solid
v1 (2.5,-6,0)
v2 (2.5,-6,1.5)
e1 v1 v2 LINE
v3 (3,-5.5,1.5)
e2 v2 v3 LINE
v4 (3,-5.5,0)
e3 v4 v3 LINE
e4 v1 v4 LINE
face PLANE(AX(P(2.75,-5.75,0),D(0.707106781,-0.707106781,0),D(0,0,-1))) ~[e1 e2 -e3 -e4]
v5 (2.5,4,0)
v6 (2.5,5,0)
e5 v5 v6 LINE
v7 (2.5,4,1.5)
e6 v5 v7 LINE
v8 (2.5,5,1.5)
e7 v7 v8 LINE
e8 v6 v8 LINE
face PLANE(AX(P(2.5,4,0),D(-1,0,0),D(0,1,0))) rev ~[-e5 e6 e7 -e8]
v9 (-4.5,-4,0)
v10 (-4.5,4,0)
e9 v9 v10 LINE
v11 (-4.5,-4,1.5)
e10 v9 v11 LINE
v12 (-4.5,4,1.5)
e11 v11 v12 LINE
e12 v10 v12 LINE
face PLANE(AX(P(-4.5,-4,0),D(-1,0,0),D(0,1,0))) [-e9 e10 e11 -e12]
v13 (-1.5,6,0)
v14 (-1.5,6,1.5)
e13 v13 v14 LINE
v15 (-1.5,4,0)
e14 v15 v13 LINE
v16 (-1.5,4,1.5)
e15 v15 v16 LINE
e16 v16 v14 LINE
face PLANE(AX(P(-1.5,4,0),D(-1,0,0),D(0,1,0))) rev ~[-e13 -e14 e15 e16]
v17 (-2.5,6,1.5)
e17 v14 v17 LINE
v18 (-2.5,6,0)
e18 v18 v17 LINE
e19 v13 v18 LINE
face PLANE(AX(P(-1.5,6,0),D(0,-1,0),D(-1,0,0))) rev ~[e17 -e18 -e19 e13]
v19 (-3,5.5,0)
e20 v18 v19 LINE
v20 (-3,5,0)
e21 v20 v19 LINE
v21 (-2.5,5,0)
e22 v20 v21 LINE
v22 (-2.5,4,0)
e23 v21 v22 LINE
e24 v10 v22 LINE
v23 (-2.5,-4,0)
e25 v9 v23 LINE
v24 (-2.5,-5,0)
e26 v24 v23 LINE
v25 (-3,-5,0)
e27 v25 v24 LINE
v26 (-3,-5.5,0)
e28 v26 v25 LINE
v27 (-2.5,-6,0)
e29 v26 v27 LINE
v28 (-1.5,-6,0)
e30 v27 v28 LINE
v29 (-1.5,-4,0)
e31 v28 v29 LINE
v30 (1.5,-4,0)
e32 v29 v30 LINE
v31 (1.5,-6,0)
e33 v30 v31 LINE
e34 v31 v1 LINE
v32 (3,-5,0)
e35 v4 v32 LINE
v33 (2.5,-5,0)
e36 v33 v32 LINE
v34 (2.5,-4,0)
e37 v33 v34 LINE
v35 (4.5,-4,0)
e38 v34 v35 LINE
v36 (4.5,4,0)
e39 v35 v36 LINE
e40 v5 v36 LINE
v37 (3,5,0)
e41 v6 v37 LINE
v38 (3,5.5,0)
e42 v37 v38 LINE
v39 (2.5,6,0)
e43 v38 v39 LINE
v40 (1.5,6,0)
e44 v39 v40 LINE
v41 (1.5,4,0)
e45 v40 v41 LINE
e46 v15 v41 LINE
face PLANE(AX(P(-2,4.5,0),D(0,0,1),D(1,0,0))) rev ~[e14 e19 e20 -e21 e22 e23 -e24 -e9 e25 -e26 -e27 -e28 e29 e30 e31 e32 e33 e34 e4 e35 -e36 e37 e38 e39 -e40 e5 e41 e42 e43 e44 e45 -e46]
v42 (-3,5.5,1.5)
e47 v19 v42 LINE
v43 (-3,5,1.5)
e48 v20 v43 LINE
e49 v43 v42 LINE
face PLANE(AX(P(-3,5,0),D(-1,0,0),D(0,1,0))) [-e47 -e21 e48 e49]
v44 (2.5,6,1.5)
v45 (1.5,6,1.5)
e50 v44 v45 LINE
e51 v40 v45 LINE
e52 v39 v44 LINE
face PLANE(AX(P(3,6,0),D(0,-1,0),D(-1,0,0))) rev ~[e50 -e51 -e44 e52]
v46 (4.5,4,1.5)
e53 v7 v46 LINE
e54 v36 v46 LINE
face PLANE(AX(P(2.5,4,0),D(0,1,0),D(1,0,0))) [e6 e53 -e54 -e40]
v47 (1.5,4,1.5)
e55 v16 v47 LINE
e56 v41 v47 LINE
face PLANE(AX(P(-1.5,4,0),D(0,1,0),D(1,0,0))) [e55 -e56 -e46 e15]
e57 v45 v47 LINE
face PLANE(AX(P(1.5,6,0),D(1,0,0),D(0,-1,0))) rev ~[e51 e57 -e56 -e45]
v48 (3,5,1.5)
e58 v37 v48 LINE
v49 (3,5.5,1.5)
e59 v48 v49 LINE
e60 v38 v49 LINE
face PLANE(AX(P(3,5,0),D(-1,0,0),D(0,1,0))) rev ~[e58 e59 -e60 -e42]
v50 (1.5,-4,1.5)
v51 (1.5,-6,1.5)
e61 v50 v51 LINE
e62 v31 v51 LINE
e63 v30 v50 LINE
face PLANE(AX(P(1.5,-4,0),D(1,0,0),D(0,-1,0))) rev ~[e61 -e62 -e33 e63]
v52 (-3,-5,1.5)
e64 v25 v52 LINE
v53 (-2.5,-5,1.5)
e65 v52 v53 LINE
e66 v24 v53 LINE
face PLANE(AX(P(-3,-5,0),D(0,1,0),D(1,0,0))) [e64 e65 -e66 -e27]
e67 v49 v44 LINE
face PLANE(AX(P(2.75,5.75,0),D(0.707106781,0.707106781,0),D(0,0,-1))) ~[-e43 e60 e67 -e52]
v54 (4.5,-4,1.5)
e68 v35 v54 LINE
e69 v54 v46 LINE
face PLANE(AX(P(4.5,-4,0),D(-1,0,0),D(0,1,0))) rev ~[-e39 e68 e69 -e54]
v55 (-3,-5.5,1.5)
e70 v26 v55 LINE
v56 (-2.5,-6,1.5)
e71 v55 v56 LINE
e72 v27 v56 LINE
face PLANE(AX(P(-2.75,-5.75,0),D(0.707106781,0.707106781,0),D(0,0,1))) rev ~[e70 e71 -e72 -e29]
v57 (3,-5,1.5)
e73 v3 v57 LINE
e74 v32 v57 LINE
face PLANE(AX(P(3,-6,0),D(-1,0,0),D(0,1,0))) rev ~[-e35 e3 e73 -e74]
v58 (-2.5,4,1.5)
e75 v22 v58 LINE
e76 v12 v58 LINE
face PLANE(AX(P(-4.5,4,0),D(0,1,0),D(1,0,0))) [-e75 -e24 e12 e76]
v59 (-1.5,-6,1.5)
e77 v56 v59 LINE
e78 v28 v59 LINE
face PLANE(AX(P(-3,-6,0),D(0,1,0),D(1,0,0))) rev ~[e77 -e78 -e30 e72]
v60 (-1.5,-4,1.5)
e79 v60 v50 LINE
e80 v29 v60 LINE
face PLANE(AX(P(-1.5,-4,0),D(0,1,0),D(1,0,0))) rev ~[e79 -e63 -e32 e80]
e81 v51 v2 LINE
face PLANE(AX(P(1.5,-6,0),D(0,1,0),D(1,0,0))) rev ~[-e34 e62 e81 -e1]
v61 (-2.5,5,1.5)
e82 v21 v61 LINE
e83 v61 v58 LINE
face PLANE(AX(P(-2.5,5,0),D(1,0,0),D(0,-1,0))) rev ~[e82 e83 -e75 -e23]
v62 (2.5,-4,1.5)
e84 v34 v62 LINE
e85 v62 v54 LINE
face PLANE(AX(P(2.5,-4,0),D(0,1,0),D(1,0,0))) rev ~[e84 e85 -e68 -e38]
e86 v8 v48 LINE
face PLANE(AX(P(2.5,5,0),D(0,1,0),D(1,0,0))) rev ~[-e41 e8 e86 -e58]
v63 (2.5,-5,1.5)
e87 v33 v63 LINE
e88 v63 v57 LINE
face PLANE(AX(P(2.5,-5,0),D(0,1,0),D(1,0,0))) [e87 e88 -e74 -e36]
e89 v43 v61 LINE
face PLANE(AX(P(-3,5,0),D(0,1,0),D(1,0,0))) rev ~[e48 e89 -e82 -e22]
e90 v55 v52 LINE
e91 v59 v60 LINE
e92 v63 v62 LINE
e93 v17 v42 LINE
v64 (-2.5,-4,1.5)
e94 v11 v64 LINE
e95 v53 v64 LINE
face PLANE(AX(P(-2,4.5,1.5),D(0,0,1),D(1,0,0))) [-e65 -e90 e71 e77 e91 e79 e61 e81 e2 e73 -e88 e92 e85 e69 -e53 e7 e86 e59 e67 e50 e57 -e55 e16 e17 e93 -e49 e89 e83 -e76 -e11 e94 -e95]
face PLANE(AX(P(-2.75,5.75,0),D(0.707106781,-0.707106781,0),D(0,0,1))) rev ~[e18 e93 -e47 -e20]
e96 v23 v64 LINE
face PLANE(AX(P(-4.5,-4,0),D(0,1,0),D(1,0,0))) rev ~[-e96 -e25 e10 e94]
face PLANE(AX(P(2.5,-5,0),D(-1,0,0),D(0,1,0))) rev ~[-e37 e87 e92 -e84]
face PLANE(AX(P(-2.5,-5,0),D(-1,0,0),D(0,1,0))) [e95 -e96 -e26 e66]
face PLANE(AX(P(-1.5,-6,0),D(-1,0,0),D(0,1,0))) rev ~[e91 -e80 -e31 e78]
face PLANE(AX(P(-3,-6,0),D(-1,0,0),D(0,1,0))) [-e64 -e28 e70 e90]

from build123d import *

# Parameters (mm, degrees)
F0_W     = 1
F0_H     = 1
F0_W_2   = 2
F0_H_2   = 8
F0_W_3   = 3
F0_W_4   = 0.5
F1_DEPTH = 1.5
F2_SIZE  = 0.5


with BuildPart() as f1:
    # F0 (on Top) → F1 (new body)
    with BuildSketch(Plane.XY):
        with Locations((-2, 4.5)):
            Rectangle(F0_W, F0_H)
        with Locations((2, 4.5)):
            Rectangle(F0_W, F0_H)
        with Locations((3.5, 0)):
            Rectangle(F0_W_2, F0_H_2)
        with Locations((2, 0)):
            Rectangle(F0_W, F0_H_2)
        Rectangle(F0_W_3, F0_H_2)
        with Locations((-2, 0)):
            Rectangle(F0_W, F0_H_2)
        with Locations((-3.5, 0)):
            Rectangle(F0_W_2, F0_H_2)
        with Locations((-2, -4.5)):
            Rectangle(F0_W, F0_H)
        with Locations((2, -4.5)):
            Rectangle(F0_W, F0_H)
        with Locations((-2.75, 5.5)):
            Rectangle(F0_W_4, F0_H)
        with Locations((-2, 5.5)):
            Rectangle(F0_W, F0_H)
        with Locations((2, 5.5)):
            Rectangle(F0_W, F0_H)
        with Locations((2.75, 5.5)):
            Rectangle(F0_W_4, F0_H)
        with Locations((2, -5.5)):
            Rectangle(F0_W, F0_H)
        with Locations((2.75, -5.5)):
            Rectangle(F0_W_4, F0_H)
        with Locations((-2.75, -5.5)):
            Rectangle(F0_W_4, F0_H)
        with Locations((-2, -5.5)):
            Rectangle(F0_W, F0_H)
    extrude(amount=F1_DEPTH)

    # F2
    f2_edges = [f1.edges().sort_by_distance(p)[0] for p in [
        (-3, 6, 0.75),
        (3, 6, 0.75),
        (3, -6, 0.75),
        (-3, -6, 0.75),
    ]]
    chamfer(f2_edges, length=F2_SIZE)


solid = f1.part
